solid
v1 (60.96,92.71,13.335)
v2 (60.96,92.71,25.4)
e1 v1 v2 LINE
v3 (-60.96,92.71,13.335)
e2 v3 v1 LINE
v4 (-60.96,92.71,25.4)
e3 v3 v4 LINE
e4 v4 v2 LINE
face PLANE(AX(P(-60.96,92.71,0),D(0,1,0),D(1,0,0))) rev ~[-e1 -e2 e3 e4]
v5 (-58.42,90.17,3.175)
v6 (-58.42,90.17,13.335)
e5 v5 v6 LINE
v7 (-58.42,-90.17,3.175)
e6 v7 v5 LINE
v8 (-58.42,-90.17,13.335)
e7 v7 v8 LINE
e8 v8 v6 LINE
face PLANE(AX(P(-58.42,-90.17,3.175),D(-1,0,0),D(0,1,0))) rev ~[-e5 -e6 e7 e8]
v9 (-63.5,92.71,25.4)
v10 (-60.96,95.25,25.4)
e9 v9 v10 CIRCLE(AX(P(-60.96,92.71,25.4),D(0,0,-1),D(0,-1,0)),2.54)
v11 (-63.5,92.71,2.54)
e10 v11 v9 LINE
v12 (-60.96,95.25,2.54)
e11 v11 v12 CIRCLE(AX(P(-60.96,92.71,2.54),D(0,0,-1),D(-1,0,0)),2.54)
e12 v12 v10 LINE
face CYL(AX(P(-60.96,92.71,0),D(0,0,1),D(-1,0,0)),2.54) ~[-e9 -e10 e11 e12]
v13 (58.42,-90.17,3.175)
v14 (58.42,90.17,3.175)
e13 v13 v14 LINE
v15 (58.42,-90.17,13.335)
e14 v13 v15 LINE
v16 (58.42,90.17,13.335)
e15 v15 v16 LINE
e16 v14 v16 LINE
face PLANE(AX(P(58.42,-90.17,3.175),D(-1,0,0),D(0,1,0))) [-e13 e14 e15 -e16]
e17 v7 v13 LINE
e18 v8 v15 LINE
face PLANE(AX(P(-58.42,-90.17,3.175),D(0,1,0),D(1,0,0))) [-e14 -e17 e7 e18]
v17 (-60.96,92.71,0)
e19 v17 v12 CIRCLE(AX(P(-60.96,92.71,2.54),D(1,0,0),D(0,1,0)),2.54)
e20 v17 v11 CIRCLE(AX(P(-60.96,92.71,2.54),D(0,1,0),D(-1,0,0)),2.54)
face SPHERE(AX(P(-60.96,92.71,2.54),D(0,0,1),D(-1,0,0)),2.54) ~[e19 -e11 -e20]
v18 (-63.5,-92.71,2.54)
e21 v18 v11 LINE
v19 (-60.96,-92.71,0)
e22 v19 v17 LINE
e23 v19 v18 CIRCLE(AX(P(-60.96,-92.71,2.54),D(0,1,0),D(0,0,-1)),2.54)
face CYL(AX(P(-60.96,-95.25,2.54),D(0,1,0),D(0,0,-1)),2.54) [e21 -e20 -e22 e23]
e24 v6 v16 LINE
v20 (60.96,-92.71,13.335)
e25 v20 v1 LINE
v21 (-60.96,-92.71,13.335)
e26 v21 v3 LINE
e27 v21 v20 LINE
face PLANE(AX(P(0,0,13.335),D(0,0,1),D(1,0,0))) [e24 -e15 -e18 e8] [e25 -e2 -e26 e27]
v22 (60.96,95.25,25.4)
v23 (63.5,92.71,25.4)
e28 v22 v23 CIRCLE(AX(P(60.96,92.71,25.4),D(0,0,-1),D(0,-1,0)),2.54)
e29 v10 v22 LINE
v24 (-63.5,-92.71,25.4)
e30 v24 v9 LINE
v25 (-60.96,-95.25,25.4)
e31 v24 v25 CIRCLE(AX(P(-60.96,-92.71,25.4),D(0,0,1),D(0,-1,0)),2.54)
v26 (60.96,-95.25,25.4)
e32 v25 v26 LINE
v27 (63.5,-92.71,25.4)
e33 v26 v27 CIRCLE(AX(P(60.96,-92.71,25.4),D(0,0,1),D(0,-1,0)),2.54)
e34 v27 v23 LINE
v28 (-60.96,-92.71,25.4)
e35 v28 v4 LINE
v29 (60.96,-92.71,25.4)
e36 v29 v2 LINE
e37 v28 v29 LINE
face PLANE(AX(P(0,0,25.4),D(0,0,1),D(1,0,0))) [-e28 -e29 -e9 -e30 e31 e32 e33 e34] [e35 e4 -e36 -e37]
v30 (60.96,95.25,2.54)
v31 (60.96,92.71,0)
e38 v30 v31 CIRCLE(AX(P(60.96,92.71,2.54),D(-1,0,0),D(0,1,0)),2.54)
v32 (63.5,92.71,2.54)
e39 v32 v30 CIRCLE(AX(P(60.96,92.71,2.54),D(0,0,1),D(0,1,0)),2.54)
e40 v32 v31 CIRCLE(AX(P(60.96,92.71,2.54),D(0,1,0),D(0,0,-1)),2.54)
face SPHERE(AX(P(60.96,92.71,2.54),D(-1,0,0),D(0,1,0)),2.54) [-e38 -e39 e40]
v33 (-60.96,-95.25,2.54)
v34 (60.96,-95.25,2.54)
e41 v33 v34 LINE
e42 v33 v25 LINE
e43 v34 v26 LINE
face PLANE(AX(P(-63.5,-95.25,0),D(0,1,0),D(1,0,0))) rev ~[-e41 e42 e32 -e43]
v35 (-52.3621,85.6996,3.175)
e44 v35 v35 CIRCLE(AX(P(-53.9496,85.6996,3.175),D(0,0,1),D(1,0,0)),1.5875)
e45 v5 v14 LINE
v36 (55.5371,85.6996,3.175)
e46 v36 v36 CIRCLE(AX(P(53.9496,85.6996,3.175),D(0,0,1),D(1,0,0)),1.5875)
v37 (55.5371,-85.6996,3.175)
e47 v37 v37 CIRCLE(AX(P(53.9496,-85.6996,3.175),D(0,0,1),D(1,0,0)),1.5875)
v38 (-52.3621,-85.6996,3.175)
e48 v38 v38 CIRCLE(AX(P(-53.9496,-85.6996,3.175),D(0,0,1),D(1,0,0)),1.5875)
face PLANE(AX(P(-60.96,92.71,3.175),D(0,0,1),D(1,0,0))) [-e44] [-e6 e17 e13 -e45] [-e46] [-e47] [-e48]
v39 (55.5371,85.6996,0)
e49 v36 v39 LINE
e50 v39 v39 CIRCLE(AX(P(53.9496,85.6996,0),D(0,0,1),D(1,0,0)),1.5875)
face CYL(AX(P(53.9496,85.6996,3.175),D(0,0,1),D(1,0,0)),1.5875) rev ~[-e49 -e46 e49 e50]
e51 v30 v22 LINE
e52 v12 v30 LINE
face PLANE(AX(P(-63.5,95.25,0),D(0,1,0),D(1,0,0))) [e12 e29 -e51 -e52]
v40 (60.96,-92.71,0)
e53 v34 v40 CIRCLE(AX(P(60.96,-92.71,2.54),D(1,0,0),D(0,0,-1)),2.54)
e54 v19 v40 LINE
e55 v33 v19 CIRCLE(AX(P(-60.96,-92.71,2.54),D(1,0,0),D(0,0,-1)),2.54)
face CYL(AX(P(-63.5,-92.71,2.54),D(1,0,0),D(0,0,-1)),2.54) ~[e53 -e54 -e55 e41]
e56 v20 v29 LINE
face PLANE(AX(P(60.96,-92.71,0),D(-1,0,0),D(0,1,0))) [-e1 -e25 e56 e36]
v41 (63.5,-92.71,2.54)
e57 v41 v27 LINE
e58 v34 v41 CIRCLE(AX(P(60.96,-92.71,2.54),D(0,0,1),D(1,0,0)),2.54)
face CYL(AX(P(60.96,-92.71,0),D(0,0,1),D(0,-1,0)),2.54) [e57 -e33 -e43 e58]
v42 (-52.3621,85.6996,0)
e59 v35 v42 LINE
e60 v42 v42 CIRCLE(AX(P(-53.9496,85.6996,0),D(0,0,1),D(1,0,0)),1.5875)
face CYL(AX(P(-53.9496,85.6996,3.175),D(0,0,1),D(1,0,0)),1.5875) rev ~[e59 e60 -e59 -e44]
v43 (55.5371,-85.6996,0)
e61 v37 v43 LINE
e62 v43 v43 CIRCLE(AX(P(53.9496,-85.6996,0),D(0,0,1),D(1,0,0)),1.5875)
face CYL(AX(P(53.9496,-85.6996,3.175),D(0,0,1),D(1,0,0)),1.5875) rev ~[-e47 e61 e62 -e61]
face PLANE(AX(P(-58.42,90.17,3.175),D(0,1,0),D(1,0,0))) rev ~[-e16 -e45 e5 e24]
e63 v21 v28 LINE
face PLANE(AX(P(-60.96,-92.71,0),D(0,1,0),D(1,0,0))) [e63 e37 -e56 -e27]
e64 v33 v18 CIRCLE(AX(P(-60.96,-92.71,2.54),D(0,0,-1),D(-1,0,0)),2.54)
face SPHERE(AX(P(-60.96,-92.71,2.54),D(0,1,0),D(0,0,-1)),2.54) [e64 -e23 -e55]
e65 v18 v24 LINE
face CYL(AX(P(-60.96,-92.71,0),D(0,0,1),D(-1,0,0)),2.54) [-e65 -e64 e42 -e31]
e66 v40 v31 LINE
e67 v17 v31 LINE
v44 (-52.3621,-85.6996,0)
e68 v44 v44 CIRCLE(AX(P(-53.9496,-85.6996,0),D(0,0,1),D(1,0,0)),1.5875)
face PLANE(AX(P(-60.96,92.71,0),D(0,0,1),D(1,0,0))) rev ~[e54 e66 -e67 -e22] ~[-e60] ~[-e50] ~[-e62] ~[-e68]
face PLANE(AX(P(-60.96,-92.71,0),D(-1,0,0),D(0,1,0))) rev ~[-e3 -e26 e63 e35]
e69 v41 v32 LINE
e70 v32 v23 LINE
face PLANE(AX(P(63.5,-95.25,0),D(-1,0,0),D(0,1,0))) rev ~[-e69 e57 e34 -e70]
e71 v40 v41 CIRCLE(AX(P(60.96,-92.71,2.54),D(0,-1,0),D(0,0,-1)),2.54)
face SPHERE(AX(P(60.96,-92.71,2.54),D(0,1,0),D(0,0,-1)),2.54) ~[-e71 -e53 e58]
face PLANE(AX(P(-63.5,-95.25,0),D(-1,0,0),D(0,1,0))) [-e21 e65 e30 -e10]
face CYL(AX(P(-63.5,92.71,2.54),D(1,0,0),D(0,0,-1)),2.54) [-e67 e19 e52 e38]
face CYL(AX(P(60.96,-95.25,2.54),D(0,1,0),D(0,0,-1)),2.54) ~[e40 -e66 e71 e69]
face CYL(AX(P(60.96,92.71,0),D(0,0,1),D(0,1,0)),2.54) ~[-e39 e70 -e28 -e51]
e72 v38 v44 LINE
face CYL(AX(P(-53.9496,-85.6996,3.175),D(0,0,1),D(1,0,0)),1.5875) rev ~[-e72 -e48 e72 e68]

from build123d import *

# Parameters (mm, degrees)
F0_W     = 127
F0_H     = 190.5
F0_W_2   = 121.92
F0_H_2   = 185.42
F1_DEPTH = 25.4
F2_W     = 121.92
F2_H     = 3.175
F3_DEPTH = 185.42
F4_W     = 121.92
F4_H     = 185.42
F4_W_2   = 116.84
F4_H_2   = 180.34
F5_DEPTH = 10.16
F6_R     = 1.5875
F7_DEPTH = 25.4
F8_R     = 2.54


with BuildPart() as f1:
    # F0 (on Top) → F1 (new body)
    with BuildSketch(Plane.XY):
        Rectangle(F0_W, F0_H)
        Rectangle(F0_W_2, F0_H_2, mode=Mode.SUBTRACT)
    extrude(amount=F1_DEPTH)

    # F2 (on face) → F3 (join)
    with BuildSketch(Plane.XZ.offset(-92.71)):
        with Locations((0, 1.5875)):
            Rectangle(F2_W, F2_H)
    extrude(amount=F3_DEPTH)

    # F4 (on face) → F5 (join)
    with BuildSketch(Plane.XY.offset(3.175)):
        Rectangle(F4_W, F4_H)
        Rectangle(F4_W_2, F4_H_2, mode=Mode.SUBTRACT)
    extrude(amount=F5_DEPTH)

    # F6 (on face) → F7 (cut)
    with BuildSketch(Plane.XY.offset(3.175)):
        with Locations((-53.9496, 85.6996)):
            Circle(F6_R)
        with Locations((53.9496, 85.6996)):
            Circle(F6_R)
        with Locations((-53.9496, -85.6996)):
            Circle(F6_R)
        with Locations((53.9496, -85.6996)):
            Circle(F6_R)
    extrude(amount=-F7_DEPTH, mode=Mode.SUBTRACT)

    # F8
    f8_edges = [f1.edges().sort_by_distance(p)[0] for p in [
        (-63.5, 95.25, 12.7),
        (-63.5, 0, 0),
        (0, 95.25, 0),
        (63.5, 95.25, 12.7),
        (63.5, 0, 0),
        (0, -95.25, 0),
        (63.5, -95.25, 12.7),
        (-63.5, -95.25, 12.7),
    ]]
    fillet(f8_edges, radius=F8_R)


solid = f1.part
